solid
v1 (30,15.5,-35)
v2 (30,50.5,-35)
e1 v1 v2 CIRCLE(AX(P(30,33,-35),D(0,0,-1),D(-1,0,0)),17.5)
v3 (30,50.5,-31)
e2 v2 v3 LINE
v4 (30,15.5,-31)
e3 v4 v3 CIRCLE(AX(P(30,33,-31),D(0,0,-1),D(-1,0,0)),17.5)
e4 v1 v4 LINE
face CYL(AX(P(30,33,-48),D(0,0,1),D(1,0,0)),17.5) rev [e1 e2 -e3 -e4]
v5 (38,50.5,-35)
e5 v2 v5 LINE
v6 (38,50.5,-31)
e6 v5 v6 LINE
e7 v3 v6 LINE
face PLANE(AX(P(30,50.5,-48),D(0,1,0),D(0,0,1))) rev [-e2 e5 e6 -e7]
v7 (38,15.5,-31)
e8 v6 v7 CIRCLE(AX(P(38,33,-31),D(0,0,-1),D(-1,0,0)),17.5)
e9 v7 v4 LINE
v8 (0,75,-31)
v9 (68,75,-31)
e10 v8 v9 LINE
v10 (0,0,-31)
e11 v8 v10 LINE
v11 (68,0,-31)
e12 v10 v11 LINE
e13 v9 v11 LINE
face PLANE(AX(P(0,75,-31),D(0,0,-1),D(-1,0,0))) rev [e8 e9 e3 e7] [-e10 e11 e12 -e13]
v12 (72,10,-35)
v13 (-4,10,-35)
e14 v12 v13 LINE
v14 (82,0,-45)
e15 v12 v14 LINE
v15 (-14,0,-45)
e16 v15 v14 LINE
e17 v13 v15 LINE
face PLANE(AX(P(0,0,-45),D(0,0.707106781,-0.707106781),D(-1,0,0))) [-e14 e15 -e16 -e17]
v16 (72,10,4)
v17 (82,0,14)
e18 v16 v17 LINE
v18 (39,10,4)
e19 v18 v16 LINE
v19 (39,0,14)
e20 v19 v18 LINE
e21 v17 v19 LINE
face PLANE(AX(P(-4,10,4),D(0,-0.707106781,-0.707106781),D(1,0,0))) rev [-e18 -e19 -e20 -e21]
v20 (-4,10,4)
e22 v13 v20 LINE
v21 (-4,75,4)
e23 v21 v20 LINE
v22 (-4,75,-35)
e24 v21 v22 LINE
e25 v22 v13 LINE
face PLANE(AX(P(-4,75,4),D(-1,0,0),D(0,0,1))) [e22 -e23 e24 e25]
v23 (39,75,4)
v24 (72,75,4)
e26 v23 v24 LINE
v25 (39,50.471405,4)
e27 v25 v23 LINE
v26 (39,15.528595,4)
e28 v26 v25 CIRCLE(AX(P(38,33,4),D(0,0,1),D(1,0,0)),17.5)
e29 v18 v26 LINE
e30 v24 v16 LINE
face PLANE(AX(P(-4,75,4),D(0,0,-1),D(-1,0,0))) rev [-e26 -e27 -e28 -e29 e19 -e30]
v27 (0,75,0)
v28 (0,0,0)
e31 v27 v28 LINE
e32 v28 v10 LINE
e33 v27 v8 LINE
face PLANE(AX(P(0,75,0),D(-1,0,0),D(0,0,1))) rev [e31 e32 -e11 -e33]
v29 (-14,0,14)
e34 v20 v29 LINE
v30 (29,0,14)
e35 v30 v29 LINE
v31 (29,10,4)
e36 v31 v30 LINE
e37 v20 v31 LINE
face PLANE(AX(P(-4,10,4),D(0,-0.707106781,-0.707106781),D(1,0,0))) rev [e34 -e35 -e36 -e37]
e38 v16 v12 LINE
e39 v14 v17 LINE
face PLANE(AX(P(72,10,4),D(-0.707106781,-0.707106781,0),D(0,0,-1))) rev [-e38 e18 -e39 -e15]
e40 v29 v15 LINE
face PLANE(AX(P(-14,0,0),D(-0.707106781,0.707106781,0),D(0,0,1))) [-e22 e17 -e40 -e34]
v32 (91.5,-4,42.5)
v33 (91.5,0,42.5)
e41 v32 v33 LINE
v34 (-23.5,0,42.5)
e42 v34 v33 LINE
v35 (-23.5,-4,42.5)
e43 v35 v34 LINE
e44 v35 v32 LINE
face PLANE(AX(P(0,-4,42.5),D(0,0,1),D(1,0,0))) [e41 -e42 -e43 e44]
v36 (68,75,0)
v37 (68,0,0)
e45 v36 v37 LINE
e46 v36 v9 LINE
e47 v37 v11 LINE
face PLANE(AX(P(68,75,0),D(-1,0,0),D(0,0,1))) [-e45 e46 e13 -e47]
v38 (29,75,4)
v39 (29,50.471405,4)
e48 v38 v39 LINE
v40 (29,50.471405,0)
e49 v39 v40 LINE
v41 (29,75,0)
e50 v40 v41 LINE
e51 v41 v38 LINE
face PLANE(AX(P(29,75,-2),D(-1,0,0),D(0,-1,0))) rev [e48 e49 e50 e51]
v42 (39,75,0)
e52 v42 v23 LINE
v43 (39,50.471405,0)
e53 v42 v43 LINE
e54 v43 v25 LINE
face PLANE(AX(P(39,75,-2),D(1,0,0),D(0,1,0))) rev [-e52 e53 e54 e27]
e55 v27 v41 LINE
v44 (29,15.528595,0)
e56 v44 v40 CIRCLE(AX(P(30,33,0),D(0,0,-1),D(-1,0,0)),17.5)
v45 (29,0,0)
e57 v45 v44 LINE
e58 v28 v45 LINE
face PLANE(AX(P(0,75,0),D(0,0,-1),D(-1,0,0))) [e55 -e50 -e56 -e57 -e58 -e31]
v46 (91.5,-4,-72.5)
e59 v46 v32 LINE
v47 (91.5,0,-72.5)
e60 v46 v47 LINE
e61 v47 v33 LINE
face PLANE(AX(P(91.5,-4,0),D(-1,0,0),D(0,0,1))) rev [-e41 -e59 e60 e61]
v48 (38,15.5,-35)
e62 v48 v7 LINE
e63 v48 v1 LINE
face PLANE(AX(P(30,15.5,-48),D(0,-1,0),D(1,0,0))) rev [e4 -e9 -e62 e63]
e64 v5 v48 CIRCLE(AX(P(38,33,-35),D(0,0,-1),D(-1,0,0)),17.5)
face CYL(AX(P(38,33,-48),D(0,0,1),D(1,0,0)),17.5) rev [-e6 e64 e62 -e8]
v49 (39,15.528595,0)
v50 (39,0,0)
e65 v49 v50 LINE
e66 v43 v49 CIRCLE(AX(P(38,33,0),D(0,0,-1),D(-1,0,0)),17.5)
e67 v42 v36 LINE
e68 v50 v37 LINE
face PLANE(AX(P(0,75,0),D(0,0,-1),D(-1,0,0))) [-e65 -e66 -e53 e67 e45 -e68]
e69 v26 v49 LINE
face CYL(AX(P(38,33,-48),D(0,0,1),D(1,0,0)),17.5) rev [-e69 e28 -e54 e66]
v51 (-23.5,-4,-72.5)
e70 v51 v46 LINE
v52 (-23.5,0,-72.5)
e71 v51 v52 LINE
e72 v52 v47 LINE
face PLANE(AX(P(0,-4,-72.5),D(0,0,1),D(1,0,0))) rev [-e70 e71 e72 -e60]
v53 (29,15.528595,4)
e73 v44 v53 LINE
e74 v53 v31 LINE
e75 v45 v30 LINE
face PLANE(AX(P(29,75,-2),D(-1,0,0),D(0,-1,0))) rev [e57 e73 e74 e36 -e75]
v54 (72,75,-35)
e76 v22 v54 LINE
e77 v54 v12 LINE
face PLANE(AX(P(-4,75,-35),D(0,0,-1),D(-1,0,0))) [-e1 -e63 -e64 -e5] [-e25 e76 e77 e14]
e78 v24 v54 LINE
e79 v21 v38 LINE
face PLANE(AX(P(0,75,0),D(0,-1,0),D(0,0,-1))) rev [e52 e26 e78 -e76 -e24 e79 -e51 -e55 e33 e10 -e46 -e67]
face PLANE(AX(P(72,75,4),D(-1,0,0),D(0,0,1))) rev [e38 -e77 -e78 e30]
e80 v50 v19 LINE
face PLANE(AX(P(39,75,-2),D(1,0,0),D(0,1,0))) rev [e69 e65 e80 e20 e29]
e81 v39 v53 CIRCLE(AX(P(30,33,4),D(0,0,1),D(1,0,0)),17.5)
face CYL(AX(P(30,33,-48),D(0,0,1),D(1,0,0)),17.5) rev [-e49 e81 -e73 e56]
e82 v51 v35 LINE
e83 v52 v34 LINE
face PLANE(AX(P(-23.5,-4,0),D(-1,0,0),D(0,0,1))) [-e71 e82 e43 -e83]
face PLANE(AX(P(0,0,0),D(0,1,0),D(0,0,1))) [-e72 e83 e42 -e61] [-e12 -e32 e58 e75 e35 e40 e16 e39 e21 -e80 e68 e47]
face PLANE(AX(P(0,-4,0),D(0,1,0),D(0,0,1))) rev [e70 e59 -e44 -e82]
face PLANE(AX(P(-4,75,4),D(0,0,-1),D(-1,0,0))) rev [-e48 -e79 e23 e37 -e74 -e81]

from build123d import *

# Parameters (mm, degrees)
SKETCH1_W           = 76
SKETCH1_H           = 39
SKETCH1_W_2         = 68
SKETCH1_H_2         = 31
BOSS_EXTRUDE2_DEPTH = 75
SKETCH1_9_W         = 115
SKETCH1_9_H         = 115
BOSS_EXTRUDE6_DEPTH = 4
SKETCH9_W           = 10
SKETCH9_H           = 75
CUT_EXTRUDE2_DEPTH  = 6
CUT_EXTRUDE3_DEPTH  = 52
CHAMFER1_SIZE       = 10


with BuildPart() as part:
    # Sketch1 → Boss-Extrude2 (new body)
    with BuildSketch(Plane(origin=(0, 0, 0), x_dir=(1, 0, 0), z_dir=(0, 1, 0))):
        with Locations((34, 15.5)):
            Rectangle(SKETCH1_W, SKETCH1_H)
        with Locations((34, 15.5)):
            Rectangle(SKETCH1_W_2, SKETCH1_H_2, mode=Mode.SUBTRACT)
    extrude(amount=BOSS_EXTRUDE2_DEPTH)

    # Sketch1<9> → Boss-Extrude6 (add)
    with BuildSketch(Plane(origin=(0, 0, 0), x_dir=(1, 0, 0), z_dir=(0, 1, 0))):
        with Locations((34, 15)):
            Rectangle(SKETCH1_9_W, SKETCH1_9_H)
    extrude(amount=-BOSS_EXTRUDE6_DEPTH)

    # Sketch9 → Cut-Extrude2 (cut)
    with BuildSketch(Plane.XY.offset(4)):
        with Locations((34, 37.5)):
            Rectangle(SKETCH9_W, SKETCH9_H)
    extrude(amount=-CUT_EXTRUDE2_DEPTH, mode=Mode.SUBTRACT)

    # Sketch7 → Cut-Extrude3 (cut)
    with BuildSketch(Plane.XY.offset(4)):
        with BuildLine():
            Line((30, 50.5), (38, 50.5))
            ThreePointArc((38, 50.5), (55.5, 33), (38, 15.5))
            Line((38, 15.5), (30, 15.5))
            ThreePointArc((30, 15.5), (12.5, 33), (30, 50.5))
        make_face()
    extrude(amount=-CUT_EXTRUDE3_DEPTH, mode=Mode.SUBTRACT)

    # Chamfer1
    chamfer1_edges = [part.edges().sort_by_distance(p)[0] for p in [
        (12.5, 0, 4),
        (-4, 0, -15.5),
        (55.5, 0, 4),
        (72, 0, -15.5),
        (34, 0, -35),
    ]]
    chamfer(chamfer1_edges, length=CHAMFER1_SIZE)


solid = part.part
